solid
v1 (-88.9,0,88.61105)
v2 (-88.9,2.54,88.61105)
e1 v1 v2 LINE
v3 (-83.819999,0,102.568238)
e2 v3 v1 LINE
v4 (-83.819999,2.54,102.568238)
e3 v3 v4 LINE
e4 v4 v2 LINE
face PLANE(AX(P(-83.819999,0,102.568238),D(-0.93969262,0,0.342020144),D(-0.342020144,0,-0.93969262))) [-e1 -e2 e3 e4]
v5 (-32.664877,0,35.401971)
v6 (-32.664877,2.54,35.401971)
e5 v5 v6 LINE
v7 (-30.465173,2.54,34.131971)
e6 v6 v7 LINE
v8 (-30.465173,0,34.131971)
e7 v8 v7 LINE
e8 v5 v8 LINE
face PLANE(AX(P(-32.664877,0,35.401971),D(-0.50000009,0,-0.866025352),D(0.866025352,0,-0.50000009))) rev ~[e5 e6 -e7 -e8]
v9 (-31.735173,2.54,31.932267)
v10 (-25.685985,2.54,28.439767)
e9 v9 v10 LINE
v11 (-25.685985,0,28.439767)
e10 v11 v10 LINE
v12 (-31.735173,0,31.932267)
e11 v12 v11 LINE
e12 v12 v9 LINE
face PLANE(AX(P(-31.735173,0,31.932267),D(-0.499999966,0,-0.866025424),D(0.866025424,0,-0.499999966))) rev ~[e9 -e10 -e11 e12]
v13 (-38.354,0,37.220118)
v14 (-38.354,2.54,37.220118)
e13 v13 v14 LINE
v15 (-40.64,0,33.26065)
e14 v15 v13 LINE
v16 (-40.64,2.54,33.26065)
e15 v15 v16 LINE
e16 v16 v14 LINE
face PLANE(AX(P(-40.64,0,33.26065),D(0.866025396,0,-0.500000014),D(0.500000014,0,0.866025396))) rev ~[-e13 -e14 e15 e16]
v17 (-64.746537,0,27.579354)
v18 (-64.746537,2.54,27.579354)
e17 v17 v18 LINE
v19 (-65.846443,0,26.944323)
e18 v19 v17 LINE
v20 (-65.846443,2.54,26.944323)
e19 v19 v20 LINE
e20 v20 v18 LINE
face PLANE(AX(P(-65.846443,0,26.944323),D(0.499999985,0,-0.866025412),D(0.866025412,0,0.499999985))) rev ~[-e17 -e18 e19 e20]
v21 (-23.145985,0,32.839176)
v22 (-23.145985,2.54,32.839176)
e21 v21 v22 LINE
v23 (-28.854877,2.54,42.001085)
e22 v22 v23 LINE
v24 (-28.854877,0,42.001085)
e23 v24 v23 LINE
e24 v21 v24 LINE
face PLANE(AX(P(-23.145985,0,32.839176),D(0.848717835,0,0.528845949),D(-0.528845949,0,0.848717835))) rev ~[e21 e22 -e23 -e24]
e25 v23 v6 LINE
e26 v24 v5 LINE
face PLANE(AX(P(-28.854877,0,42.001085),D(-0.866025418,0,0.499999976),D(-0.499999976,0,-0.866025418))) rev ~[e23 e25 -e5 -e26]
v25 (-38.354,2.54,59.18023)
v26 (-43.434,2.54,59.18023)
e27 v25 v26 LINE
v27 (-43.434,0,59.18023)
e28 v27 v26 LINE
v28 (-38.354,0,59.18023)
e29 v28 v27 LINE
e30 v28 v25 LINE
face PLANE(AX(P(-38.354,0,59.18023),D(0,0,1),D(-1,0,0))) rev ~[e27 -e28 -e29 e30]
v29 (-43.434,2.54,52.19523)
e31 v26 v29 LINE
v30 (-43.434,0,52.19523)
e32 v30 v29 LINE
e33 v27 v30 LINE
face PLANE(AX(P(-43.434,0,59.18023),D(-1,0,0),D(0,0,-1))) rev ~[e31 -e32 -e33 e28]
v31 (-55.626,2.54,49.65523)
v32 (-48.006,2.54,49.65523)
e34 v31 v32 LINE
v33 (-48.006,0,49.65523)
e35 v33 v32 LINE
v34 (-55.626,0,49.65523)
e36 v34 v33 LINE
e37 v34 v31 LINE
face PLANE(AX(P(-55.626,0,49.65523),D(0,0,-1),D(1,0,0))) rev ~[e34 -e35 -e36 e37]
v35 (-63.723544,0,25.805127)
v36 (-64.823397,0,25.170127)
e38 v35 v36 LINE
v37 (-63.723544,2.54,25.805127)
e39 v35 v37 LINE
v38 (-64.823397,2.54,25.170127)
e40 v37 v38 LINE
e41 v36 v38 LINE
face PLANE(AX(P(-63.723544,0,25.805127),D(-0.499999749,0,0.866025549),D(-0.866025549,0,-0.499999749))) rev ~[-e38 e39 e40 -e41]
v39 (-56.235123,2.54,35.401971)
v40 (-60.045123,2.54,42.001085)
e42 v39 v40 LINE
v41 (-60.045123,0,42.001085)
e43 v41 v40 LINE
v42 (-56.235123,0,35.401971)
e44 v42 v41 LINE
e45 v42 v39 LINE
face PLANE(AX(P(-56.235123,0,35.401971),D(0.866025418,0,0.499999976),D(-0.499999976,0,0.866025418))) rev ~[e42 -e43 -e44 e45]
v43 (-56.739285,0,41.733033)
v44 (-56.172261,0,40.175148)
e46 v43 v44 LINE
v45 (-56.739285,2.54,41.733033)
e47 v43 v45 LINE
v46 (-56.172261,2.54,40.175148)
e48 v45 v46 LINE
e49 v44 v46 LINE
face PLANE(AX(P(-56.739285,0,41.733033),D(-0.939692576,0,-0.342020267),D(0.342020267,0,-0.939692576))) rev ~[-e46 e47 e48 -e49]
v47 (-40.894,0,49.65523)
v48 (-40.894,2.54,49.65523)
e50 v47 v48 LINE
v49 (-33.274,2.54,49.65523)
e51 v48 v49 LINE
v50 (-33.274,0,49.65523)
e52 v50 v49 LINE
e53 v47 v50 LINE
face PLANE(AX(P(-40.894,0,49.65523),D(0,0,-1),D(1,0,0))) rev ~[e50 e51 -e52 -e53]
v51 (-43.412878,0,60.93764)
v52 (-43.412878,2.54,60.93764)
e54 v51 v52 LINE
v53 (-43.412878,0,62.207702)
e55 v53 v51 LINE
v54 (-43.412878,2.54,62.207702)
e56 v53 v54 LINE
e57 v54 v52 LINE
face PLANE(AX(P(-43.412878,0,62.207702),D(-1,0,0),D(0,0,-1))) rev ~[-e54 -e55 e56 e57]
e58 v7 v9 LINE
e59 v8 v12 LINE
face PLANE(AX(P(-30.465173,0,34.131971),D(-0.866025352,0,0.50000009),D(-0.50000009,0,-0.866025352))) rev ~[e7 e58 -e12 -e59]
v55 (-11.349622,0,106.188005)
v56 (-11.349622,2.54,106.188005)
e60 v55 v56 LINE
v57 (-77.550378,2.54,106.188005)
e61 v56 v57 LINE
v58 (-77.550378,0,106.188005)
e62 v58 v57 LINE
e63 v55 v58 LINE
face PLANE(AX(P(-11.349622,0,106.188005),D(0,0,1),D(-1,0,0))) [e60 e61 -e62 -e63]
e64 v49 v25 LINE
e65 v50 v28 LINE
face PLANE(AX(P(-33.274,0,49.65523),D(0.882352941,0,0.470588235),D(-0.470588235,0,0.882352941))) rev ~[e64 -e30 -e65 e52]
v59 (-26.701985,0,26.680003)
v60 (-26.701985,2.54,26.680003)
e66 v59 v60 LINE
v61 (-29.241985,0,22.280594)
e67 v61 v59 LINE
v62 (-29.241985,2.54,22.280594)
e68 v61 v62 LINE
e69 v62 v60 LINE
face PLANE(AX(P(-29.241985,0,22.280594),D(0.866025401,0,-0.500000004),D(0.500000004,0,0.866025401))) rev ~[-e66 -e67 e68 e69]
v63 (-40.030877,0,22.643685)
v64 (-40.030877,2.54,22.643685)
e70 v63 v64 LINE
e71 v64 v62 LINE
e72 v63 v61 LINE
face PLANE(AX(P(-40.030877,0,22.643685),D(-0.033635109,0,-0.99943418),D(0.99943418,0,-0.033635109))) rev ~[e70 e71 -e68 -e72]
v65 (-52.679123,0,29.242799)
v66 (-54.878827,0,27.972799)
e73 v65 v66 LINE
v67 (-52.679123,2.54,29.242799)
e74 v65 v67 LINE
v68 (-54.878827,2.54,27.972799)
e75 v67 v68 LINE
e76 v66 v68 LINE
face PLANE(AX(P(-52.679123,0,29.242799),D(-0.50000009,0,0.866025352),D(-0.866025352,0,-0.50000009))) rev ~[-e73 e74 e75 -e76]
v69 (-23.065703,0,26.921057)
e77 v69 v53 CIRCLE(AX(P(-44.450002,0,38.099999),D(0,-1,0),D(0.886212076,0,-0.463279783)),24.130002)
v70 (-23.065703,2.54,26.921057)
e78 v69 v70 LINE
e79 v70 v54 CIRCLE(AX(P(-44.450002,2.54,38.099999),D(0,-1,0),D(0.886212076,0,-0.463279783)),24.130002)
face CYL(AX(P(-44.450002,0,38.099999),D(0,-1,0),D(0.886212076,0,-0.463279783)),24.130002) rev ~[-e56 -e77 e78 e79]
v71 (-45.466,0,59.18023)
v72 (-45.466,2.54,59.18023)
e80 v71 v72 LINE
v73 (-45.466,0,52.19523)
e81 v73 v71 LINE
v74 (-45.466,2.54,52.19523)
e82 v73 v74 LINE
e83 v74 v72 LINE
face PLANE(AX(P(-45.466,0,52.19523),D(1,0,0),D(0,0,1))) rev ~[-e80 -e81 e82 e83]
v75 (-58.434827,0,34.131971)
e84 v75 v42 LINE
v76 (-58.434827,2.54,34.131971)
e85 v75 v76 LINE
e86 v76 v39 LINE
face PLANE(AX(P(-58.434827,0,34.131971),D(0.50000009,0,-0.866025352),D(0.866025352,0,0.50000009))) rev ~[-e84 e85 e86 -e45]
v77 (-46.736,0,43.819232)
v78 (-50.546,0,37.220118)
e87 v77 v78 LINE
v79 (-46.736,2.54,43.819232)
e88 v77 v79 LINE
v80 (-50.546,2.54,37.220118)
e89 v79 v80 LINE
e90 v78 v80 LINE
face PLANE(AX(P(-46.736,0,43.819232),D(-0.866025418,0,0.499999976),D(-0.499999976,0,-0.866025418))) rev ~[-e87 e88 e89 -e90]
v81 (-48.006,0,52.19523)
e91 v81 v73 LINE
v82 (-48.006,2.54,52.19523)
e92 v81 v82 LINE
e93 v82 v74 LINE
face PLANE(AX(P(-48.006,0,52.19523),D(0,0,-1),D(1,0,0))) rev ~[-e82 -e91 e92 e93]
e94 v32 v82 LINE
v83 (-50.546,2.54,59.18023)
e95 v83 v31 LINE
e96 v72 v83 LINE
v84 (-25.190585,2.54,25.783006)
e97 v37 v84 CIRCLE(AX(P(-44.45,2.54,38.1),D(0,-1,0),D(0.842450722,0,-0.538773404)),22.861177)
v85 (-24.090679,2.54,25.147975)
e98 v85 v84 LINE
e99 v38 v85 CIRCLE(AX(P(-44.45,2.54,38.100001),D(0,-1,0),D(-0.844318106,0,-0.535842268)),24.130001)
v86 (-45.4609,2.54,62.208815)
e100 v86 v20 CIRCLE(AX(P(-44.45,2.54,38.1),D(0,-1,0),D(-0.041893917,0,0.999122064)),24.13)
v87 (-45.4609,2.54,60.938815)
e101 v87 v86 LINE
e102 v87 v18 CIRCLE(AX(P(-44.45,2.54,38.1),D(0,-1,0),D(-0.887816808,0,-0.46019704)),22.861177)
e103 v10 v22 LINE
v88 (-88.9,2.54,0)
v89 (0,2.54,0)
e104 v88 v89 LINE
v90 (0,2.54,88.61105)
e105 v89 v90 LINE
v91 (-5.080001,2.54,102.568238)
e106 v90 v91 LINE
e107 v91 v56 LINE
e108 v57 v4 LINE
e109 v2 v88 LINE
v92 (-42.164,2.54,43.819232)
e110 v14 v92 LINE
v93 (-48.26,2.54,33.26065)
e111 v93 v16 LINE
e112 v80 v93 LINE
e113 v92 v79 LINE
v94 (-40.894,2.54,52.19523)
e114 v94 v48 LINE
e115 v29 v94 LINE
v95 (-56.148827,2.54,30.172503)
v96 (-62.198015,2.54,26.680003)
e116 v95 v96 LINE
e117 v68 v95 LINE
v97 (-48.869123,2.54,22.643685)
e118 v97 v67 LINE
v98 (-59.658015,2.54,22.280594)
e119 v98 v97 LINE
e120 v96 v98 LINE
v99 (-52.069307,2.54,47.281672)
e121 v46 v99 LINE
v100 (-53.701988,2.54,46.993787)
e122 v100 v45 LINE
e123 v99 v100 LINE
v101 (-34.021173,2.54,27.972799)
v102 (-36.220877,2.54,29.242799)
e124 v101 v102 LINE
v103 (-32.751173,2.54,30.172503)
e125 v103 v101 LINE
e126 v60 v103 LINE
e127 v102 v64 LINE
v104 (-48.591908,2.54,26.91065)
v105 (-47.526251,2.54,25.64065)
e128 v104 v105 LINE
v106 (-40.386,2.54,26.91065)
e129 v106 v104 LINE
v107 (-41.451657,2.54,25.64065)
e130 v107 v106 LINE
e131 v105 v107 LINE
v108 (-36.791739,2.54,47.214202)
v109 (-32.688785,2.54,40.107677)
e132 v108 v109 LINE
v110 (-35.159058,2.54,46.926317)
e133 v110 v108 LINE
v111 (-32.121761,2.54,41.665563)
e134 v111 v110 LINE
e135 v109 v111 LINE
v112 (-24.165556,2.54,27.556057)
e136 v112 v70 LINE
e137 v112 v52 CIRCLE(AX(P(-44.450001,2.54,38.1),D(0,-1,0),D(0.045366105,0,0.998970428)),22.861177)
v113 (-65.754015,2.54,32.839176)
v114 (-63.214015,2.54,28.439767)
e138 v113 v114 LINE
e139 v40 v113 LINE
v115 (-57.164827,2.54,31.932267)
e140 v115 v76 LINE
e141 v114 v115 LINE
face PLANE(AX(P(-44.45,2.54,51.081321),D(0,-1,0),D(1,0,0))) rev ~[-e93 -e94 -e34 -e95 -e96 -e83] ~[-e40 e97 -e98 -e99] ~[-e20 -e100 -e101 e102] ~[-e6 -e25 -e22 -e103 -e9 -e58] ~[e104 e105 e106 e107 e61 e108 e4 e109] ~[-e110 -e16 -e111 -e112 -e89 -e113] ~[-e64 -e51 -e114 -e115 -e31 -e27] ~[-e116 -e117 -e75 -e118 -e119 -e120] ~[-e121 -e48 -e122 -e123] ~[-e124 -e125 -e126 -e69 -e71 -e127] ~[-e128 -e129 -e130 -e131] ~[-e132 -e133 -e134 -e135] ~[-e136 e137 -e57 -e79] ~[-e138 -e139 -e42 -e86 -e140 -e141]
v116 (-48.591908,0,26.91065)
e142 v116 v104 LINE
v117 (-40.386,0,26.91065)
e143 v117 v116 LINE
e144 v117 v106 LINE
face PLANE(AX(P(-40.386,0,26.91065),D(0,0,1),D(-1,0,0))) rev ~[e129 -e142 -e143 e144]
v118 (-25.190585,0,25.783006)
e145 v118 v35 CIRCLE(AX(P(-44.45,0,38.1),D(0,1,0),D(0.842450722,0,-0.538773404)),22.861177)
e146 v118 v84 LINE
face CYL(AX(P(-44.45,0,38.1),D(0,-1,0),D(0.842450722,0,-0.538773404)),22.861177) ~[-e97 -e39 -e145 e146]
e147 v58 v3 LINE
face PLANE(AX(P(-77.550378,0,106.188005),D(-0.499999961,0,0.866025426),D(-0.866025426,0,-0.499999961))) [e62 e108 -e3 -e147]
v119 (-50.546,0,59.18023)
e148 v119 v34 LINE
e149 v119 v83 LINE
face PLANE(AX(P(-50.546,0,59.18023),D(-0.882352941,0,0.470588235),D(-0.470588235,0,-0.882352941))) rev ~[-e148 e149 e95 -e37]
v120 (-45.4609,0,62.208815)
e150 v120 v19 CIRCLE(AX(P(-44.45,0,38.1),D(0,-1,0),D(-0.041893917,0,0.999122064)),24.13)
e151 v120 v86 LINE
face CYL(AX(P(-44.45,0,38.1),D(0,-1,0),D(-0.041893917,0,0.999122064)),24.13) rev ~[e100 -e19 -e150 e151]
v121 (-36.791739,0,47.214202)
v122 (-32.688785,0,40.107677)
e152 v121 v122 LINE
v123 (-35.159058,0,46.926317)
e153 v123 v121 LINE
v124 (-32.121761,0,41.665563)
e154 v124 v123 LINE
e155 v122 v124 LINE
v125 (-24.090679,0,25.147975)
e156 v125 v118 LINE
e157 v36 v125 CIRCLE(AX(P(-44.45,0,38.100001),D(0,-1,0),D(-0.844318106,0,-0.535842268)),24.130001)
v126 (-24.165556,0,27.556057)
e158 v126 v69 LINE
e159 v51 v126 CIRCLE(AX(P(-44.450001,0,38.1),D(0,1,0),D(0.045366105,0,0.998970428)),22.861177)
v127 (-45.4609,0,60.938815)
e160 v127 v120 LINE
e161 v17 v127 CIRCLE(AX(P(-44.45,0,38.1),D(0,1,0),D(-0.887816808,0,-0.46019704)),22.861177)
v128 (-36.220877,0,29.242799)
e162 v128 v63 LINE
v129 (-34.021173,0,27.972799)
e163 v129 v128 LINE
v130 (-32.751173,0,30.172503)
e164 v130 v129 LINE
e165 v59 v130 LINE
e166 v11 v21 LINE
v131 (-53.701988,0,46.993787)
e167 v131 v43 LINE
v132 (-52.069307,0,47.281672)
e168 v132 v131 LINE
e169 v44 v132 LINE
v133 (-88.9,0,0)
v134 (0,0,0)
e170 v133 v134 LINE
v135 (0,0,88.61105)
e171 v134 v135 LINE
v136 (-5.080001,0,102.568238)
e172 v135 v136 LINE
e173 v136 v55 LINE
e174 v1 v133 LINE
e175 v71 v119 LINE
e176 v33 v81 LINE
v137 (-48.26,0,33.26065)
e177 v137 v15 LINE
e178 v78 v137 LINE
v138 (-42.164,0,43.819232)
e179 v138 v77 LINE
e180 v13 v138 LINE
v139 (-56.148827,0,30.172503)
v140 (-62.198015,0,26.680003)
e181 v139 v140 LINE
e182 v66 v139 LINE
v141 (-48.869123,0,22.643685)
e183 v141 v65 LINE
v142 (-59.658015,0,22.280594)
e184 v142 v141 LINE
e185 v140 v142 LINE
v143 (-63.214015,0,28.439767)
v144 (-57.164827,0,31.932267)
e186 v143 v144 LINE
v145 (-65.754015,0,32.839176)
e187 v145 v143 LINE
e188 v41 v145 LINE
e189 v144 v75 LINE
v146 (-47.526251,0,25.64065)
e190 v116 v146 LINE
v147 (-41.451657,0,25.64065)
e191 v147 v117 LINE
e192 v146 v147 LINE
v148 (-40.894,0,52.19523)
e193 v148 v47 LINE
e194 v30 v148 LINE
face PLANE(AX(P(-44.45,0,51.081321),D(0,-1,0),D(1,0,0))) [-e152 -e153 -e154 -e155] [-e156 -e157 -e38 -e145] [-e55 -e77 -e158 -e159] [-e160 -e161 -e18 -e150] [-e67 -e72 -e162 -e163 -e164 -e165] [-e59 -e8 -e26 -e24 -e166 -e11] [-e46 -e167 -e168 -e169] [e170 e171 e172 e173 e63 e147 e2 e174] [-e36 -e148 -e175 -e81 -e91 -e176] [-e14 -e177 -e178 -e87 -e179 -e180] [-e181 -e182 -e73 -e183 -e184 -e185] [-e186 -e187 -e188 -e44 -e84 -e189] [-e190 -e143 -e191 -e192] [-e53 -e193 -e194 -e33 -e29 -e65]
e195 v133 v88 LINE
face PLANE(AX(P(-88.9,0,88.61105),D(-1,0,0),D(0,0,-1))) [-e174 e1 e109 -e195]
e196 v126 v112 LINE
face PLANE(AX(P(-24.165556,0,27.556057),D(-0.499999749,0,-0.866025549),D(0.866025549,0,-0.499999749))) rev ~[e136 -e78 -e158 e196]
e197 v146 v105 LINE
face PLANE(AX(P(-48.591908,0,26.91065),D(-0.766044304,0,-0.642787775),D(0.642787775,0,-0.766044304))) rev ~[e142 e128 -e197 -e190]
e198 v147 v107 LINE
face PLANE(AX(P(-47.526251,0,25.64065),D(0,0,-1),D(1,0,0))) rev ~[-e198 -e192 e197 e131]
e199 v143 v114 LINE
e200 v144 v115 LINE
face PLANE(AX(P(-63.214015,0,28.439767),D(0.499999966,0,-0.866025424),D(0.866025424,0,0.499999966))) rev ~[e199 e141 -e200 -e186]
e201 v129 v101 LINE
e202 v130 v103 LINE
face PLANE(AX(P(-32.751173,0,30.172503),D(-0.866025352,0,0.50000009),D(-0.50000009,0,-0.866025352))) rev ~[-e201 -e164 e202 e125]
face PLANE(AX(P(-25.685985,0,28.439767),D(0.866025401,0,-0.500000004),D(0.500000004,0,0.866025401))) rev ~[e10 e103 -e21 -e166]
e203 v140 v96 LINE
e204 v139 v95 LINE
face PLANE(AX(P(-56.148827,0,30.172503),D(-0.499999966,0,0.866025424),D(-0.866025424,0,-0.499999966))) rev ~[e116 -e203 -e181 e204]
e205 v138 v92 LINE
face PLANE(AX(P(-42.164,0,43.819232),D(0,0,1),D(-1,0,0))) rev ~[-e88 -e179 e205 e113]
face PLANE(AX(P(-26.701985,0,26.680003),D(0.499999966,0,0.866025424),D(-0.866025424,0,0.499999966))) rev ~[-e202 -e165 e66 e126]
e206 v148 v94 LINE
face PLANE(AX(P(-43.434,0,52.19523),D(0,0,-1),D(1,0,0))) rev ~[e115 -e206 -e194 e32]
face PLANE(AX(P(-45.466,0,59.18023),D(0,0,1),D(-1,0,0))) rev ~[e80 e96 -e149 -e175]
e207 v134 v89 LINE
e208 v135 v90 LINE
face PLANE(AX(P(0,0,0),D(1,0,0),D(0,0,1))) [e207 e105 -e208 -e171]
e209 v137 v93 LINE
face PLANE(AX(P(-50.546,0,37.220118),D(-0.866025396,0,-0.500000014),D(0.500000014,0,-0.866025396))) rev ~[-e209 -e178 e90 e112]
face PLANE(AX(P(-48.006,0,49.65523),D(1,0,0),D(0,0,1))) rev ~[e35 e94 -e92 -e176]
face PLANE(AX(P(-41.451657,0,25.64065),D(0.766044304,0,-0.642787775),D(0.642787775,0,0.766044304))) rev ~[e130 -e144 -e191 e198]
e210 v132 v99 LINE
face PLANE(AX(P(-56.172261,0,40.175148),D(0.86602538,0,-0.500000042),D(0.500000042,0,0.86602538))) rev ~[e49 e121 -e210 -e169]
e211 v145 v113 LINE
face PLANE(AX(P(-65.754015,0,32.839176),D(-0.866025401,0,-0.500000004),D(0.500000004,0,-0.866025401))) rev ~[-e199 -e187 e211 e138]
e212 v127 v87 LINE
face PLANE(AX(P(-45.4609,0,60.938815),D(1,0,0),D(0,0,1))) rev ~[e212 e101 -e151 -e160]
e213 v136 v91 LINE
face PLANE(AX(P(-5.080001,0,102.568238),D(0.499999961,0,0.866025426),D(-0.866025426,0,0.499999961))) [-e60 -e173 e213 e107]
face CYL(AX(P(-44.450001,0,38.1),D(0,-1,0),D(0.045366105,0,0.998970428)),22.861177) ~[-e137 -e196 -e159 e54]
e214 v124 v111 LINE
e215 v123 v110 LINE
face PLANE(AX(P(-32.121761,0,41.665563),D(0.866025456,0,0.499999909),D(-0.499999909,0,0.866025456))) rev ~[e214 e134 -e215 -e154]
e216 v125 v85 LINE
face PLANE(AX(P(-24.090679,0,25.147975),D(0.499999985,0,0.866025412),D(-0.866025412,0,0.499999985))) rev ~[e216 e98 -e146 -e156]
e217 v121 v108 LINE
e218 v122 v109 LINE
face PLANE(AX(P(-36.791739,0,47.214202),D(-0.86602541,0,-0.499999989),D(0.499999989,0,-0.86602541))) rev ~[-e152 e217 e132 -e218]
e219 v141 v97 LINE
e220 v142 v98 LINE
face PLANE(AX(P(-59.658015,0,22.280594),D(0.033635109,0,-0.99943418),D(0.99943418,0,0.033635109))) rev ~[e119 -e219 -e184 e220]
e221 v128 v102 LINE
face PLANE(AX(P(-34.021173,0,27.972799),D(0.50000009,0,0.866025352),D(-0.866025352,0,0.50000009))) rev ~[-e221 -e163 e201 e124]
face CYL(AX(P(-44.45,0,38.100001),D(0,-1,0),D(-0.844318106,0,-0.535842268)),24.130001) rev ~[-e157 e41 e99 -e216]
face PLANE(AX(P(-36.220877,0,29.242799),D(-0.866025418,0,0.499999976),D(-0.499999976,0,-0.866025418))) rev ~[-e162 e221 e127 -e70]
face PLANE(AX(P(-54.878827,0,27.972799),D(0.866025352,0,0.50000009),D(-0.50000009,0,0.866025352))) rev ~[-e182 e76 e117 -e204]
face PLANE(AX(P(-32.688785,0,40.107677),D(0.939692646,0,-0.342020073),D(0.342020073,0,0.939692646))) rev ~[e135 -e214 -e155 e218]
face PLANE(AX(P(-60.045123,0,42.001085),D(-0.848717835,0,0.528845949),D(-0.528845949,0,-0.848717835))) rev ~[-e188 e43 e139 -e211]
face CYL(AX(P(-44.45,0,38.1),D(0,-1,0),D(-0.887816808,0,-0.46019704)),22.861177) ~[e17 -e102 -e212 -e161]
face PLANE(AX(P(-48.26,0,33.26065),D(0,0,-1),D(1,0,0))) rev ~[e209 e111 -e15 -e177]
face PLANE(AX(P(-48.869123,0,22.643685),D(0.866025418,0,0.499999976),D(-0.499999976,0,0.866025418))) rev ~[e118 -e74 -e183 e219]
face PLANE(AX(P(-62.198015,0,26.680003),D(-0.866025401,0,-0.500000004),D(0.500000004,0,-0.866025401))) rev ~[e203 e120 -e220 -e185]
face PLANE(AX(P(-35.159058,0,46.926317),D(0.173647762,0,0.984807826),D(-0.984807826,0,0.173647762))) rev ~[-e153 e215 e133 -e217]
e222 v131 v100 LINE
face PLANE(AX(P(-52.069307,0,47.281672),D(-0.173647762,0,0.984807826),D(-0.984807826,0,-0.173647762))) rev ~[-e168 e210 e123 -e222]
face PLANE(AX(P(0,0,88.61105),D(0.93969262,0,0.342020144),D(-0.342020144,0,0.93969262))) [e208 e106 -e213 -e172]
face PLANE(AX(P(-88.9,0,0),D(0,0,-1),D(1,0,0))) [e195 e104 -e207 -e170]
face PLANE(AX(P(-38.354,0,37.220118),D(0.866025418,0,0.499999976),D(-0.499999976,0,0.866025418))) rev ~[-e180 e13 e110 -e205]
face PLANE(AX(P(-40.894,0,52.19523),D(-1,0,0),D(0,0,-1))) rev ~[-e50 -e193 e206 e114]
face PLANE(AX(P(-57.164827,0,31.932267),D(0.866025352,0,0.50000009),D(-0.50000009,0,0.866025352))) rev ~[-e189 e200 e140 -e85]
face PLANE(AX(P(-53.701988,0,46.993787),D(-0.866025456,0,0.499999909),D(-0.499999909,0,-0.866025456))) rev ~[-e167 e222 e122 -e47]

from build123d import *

# Parameters (mm, degrees)
F1_DEPTH = 2.54
F3_DEPTH = 25.4


with BuildPart() as f1:
    # F0 (on Front) → F1 (new body)
    with BuildSketch(Plane.XZ):
        Polygon((-88.9, 88.61105), (-88.9, 0), (0, 0), (0, 88.61105), (-5.080001, 102.568238), (-11.349622, 106.188005), (-77.550378, 106.188005), (-83.819999, 102.568238), align=None)
    extrude(amount=-F1_DEPTH)

    # F2 (on face) → F3 (cut)
    with BuildSketch(Plane.XZ):
        with BuildLine():
            Line((-45.4609, 60.938815), (-45.4609, 62.208815))
            ThreePointArc((-45.4609, 62.208815), (-65.340628, 50.176363), (-65.846443, 26.944323))
            Line((-65.846443, 26.944323), (-64.746537, 27.579354))
            ThreePointArc((-64.746537, 27.579354), (-64.241794, 49.541953), (-45.4609, 60.938815))
        make_face()
        Polygon((-57.164827, 31.932267), (-58.434827, 34.131971), (-56.235123, 35.401971), (-60.045123, 42.001085), (-65.754015, 32.839176), (-63.214015, 28.439767), align=None)
        Polygon((-46.736, 43.819232), (-50.546, 37.220118), (-48.26, 33.26065), (-40.64, 33.26065), (-38.354, 37.220118), (-42.164, 43.819232), align=None)
        Polygon((-48.006, 52.19523), (-45.466, 52.19523), (-45.466, 59.18023), (-50.546, 59.18023), (-55.626, 49.65523), (-48.006, 49.65523), align=None)
        Polygon((-43.434, 59.18023), (-43.434, 52.19523), (-40.894, 52.19523), (-40.894, 49.65523), (-33.274, 49.65523), (-38.354, 59.18023), align=None)
        Polygon((-28.854877, 42.001085), (-32.664877, 35.401971), (-30.465173, 34.131971), (-31.735173, 31.932267), (-25.685985, 28.439767), (-23.145985, 32.839176), align=None)
        Polygon((-32.751173, 30.172503), (-34.021173, 27.972799), (-36.220877, 29.242799), (-40.030877, 22.643685), (-29.241985, 22.280594), (-26.701985, 26.680003), align=None)
        Polygon((-48.869123, 22.643685), (-52.679123, 29.242799), (-54.878827, 27.972799), (-56.148827, 30.172503), (-62.198015, 26.680003), (-59.658015, 22.280594), align=None)
        with BuildLine():
            ThreePointArc((-25.190585, 25.783006), (-44.463124, 15.238827), (-63.723544, 25.805127))
            Line((-63.723544, 25.805127), (-64.823397, 25.170127))
            ThreePointArc((-64.823397, 25.170127), (-44.463123, 13.970004), (-24.090679, 25.147975))
            Line((-24.090679, 25.147975), (-25.190585, 25.783006))
        make_face()
        Polygon((-32.688785, 40.107677), (-32.121761, 41.665563), (-35.159058, 46.926317), (-36.791739, 47.214202), align=None)
        Polygon((-56.172261, 40.175148), (-52.069307, 47.281672), (-53.701988, 46.993787), (-56.739285, 41.733033), align=None)
        Polygon((-48.591908, 26.91065), (-47.526251, 25.64065), (-41.451657, 25.64065), (-40.386, 26.91065), align=None)
        with BuildLine():
            Line((-43.412878, 62.207702), (-43.412878, 60.93764))
            ThreePointArc((-43.412878, 60.93764), (-24.645081, 49.51922), (-24.165556, 27.556057))
            Line((-24.165556, 27.556057), (-23.065703, 26.921057))
            ThreePointArc((-23.065703, 26.921057), (-23.546249, 50.153633), (-43.412878, 62.207702))
        make_face()
    extrude(amount=-F3_DEPTH, mode=Mode.SUBTRACT)


solid = f1.part
